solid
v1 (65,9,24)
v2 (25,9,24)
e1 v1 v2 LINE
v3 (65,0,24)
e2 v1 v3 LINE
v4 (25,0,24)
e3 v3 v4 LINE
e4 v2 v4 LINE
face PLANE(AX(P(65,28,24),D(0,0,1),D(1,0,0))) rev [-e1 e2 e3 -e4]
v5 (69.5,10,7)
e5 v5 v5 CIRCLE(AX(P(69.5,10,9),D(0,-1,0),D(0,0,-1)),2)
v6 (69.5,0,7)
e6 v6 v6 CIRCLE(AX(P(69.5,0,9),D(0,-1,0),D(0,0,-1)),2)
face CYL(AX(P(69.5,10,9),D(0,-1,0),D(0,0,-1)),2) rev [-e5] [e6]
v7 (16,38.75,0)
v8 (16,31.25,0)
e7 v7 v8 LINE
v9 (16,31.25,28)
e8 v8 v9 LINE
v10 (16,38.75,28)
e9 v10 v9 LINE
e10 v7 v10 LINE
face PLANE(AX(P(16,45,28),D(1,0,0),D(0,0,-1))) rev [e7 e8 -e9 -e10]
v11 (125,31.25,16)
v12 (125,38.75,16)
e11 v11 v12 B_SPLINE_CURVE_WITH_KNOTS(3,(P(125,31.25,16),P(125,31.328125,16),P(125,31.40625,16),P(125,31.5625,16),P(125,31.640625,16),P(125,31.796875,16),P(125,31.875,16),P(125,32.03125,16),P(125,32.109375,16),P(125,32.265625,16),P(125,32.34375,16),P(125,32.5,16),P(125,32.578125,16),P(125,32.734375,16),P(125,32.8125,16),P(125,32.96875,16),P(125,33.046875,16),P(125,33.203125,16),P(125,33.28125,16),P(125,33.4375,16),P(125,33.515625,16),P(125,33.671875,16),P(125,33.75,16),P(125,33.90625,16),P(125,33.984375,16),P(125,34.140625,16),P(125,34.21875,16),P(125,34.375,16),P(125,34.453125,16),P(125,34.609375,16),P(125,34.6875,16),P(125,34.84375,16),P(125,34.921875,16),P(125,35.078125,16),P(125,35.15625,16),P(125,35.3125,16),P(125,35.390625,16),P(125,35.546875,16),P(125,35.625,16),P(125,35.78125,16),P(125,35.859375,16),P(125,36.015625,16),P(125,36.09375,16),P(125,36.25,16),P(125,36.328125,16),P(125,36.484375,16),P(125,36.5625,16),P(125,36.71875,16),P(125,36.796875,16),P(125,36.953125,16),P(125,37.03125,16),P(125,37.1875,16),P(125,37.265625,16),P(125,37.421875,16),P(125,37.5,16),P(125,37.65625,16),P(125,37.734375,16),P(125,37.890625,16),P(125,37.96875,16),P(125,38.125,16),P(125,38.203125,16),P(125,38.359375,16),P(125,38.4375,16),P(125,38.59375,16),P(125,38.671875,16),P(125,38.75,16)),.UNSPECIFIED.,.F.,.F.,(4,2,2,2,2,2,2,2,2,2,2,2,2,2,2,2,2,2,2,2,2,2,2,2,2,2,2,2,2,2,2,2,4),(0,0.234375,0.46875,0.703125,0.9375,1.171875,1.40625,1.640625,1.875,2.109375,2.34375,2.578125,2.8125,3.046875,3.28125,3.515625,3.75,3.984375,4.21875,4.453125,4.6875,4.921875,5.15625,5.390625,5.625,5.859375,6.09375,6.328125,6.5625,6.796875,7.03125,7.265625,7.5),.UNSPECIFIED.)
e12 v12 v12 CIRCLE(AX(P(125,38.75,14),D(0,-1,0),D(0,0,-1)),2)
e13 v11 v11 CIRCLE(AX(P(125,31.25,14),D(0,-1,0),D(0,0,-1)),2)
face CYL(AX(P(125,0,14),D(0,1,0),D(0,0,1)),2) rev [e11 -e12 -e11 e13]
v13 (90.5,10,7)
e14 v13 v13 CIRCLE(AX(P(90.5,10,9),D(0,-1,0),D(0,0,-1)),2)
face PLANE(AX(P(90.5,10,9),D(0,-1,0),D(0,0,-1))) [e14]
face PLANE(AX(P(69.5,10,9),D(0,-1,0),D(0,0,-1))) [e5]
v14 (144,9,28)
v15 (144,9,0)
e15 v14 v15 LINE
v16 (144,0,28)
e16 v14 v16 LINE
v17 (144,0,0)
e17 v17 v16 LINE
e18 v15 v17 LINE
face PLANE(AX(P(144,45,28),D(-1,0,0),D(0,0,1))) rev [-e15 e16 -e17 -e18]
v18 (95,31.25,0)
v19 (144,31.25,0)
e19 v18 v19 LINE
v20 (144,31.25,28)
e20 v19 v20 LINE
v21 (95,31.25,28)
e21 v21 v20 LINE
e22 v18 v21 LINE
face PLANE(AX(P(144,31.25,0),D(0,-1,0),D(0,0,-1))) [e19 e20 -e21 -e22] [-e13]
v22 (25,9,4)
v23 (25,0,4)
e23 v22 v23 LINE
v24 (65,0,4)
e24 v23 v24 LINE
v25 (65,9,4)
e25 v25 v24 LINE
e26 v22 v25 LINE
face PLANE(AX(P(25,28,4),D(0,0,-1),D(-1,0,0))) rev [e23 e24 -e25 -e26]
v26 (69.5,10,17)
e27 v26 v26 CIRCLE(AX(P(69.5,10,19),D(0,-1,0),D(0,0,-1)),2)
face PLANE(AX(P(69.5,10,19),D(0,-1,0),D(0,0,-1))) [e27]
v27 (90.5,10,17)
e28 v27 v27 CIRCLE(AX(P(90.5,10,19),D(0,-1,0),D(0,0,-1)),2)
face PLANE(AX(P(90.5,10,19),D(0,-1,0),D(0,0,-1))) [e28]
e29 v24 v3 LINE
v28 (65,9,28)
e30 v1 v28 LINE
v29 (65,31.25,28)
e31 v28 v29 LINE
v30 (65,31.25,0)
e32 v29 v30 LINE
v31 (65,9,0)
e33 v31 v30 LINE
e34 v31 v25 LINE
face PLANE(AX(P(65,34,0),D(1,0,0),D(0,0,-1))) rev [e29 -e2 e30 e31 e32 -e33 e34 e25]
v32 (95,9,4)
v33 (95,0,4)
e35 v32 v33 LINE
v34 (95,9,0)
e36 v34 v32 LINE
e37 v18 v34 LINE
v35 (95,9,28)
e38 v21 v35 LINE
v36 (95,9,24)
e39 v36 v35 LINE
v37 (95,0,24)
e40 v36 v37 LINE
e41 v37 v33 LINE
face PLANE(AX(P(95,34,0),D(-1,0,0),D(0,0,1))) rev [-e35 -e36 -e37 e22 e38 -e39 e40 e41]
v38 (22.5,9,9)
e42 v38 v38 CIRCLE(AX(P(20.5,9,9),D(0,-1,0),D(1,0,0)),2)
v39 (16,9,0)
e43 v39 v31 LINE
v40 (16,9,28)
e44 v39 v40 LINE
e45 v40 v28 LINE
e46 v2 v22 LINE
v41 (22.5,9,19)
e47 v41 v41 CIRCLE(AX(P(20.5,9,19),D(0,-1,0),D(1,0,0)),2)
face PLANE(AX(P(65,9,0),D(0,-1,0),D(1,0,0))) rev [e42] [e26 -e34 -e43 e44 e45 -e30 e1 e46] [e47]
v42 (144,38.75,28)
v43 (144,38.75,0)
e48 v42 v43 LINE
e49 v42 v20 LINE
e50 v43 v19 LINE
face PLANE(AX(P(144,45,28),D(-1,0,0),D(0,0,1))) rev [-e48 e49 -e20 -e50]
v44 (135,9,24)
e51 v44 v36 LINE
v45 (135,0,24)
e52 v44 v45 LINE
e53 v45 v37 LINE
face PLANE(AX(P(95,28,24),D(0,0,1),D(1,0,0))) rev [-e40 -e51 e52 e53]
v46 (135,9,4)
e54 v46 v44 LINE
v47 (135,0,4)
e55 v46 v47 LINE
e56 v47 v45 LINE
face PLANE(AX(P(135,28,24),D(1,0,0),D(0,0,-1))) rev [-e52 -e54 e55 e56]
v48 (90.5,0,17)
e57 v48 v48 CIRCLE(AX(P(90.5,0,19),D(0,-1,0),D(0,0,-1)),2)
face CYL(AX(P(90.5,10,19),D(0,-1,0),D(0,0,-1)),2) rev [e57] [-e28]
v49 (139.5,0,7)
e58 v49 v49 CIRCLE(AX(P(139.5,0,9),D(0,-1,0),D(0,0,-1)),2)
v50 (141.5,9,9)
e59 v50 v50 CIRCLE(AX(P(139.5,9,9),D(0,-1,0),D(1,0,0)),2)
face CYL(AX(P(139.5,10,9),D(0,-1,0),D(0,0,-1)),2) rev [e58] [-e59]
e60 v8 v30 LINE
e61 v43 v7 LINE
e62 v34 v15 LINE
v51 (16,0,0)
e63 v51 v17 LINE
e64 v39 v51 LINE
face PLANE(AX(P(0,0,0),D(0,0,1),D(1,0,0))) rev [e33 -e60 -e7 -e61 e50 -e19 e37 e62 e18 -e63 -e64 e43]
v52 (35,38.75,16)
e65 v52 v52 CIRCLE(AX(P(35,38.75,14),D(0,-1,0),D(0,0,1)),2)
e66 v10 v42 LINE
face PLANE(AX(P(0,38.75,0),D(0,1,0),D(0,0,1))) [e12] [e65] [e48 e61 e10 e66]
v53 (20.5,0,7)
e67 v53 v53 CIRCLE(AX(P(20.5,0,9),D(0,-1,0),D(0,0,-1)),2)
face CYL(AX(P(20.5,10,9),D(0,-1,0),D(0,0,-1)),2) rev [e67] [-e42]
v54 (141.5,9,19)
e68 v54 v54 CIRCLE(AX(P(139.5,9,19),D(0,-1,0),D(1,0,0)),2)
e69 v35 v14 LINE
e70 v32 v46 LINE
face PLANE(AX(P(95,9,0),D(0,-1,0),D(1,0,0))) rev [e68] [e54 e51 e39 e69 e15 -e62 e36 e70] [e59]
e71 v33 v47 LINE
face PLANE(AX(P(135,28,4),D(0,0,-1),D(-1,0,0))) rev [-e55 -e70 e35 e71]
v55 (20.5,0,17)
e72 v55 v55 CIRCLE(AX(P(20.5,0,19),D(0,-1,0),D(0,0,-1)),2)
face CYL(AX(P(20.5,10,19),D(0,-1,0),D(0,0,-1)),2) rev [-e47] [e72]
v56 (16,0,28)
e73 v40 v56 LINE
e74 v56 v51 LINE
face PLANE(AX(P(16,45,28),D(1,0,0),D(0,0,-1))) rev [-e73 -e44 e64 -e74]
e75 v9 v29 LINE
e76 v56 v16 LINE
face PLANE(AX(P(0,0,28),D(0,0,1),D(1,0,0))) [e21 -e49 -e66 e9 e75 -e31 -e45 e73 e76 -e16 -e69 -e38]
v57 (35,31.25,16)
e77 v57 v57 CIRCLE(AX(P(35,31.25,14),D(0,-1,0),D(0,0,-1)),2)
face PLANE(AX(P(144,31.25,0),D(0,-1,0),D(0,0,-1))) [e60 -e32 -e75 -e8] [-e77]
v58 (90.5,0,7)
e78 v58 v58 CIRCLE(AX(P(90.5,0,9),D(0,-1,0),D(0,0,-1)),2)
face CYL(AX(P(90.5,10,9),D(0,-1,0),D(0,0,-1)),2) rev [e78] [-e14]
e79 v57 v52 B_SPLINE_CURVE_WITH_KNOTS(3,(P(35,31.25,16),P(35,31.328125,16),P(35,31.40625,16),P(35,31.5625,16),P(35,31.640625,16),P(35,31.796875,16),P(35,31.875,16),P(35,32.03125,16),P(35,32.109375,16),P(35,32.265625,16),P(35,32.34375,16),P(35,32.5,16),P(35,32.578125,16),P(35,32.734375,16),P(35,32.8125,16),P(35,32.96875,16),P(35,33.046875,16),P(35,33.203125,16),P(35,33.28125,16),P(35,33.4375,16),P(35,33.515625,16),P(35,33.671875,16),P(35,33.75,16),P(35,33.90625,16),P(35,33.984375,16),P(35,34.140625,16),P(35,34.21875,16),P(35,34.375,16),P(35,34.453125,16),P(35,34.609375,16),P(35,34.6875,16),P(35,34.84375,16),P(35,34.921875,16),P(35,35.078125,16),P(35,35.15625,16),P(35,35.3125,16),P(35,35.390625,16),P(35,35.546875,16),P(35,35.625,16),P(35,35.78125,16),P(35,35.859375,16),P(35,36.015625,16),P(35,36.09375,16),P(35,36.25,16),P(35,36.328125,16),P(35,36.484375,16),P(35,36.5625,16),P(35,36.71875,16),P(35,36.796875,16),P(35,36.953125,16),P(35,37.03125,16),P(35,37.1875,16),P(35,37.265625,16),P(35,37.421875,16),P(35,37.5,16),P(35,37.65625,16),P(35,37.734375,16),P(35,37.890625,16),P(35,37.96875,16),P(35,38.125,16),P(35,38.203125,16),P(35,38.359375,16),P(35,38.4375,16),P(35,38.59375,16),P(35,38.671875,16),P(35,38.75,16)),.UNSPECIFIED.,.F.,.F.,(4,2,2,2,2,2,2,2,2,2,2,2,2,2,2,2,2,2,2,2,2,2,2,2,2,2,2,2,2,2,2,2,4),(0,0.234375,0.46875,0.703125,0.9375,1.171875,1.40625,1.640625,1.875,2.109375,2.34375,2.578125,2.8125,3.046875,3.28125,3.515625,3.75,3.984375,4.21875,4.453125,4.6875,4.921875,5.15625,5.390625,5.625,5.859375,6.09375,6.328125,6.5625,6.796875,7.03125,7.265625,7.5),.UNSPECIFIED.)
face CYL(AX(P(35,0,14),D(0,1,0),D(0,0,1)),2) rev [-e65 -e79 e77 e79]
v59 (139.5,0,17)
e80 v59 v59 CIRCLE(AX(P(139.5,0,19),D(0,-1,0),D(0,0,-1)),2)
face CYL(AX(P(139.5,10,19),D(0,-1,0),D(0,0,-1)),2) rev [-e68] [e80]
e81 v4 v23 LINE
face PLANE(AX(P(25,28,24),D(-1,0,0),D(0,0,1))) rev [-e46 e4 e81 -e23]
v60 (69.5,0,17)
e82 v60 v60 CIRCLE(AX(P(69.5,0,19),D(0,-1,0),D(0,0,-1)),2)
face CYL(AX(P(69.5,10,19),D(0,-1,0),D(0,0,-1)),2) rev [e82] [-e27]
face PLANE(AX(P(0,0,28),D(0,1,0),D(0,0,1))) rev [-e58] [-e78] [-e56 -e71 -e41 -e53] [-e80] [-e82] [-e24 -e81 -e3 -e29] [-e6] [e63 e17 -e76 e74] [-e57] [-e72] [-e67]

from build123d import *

# Parameters (mm, degrees)
SKETCH1_W               = 160
SKETCH1_H               = 45
BOSS_EXTRUDE1_DEPTH     = 28
SKETCH3_W               = 65
SKETCH3_H               = 25
CUT_EXTRUDE2_DEPTH      = 28
CUT_EXTRUDE3_DEPTH      = 28
SKETCH8_R               = 2
CUT_EXTRUDE4_DEPTH      = 10
CUT_EXTRUDE5_DEPTH      = 169.549695936
CUT_EXTRUDE5_DEPTH_BACK = 169.549695936
SKETCH9_W               = 16
SKETCH9_H               = 28
SKETCH10_W              = 128
SKETCH10_H              = 5.5
CUT_EXTRUDE6_DEPTH      = 154.443800787
SKETCH11_W              = 128
SKETCH11_H              = 2.75
CUT_EXTRUDE7_DEPTH      = 152.921854912
SKETCH12_W              = 128
SKETCH12_H              = 2.75
BOSS_EXTRUDE3_DEPTH     = 28
SKETCH13_R              = 2
CUT_EXTRUDE8_DEPTH      = 152.230163989
SKETCH14_W              = 128
SKETCH14_H              = 28
BOSS_EXTRUDE4_DEPTH     = 2
SKETCH16_R              = 2
CUT_EXTRUDE9_DEPTH      = 152.230163989


with BuildPart() as part:
    # Sketch1 → Boss-Extrude1 (new body)
    with BuildSketch(Plane.XY):
        with Locations((80, 22.5)):
            Rectangle(SKETCH1_W, SKETCH1_H)
    extrude(amount=BOSS_EXTRUDE1_DEPTH)

    # Sketch3 → Cut-Extrude2 (cut)
    with BuildSketch(Plane.XY.offset(28)):
        with Locations((32.5, 21.5)):
            Rectangle(SKETCH3_W, SKETCH3_H)
        with Locations((127.5, 21.5)):
            Rectangle(SKETCH3_W, SKETCH3_H)
    extrude(amount=-CUT_EXTRUDE2_DEPTH, mode=Mode.SUBTRACT)

    # Sketch6 → Cut-Extrude3 (cut)
    with BuildSketch(Plane.XZ):
        Polygon((65, 14), (65, 24), (25, 24), (25, 4), (65, 4), align=None)
        Polygon((95, 4), (95, 14), (95, 24), (135, 24), (135, 4), align=None)
    extrude(amount=-CUT_EXTRUDE3_DEPTH, mode=Mode.SUBTRACT)

    # Sketch8 → Cut-Extrude4 (cut)
    with BuildSketch(Plane(origin=(0, 0, 0), x_dir=(-1, 0, 0), z_dir=(0, -1, 0))):
        with Locations(Location((-20.5, -9, 0), (0, 0, 90))):
            Circle(SKETCH8_R)
        with Locations(Location((-20.5, -19, 0), (0, 0, 90))):
            Circle(SKETCH8_R)
        with Locations(Location((-90.5, -19, 0), (0, 0, 90))):
            Circle(SKETCH8_R)
        with Locations(Location((-90.5, -9, 0), (0, 0, 90))):
            Circle(SKETCH8_R)
        with Locations(Location((-139.5, -19, 0), (0, 0, 90))):
            Circle(SKETCH8_R)
        with Locations(Location((-139.5, -9, 0), (0, 0, 90))):
            Circle(SKETCH8_R)
        with Locations(Location((-69.5, -19, 0), (0, 0, 90))):
            Circle(SKETCH8_R)
        with Locations(Location((-69.5, -9, 0), (0, 0, 90))):
            Circle(SKETCH8_R)
    extrude(amount=-CUT_EXTRUDE4_DEPTH, mode=Mode.SUBTRACT)

    # Sketch9 → Cut-Extrude5 (cut, two sides: drawn at the far end of the back side and taken through both)
    with BuildSketch(Plane(origin=(0, 0, 0), x_dir=(-1, 0, 0), z_dir=(0, -1, 0)).offset(-CUT_EXTRUDE5_DEPTH_BACK)):
        with Locations((-152, -14)):
            Rectangle(SKETCH9_W, SKETCH9_H)
        with Locations((-8, -14)):
            Rectangle(SKETCH9_W, SKETCH9_H)
    extrude(amount=CUT_EXTRUDE5_DEPTH + CUT_EXTRUDE5_DEPTH_BACK, mode=Mode.SUBTRACT)

    # Sketch10 → Cut-Extrude6 (cut, through all)
    with BuildSketch(Plane.XY.offset(28)):
        with Locations((80, 42.25)):
            Rectangle(SKETCH10_W, SKETCH10_H)
    extrude(amount=-CUT_EXTRUDE6_DEPTH, mode=Mode.SUBTRACT)

    # Sketch11 → Cut-Extrude7 (cut, through all)
    with BuildSketch(Plane.XY.offset(28)):
        with Locations((80, 38.125)):
            Rectangle(SKETCH11_W, SKETCH11_H)
    extrude(amount=-CUT_EXTRUDE7_DEPTH, mode=Mode.SUBTRACT)

    # Sketch12 → Boss-Extrude3 (add)
    with BuildSketch(Plane.XY.offset(28)):
        with Locations((80, 32.625)):
            Rectangle(SKETCH12_W, SKETCH12_H)
    extrude(amount=-BOSS_EXTRUDE3_DEPTH)

    # Sketch13 → Cut-Extrude8 (cut, through all)
    with BuildSketch(Plane(origin=(0, 36.75, 0), x_dir=(1, 0, 0), z_dir=(0, 1, 0))):
        with Locations(Location((125, -14, 0), (0, 0, 270))):
            Circle(SKETCH13_R)
        with Locations(Location((35, -14, 0), (0, 0, 270))):
            Circle(SKETCH13_R)
    extrude(amount=-CUT_EXTRUDE8_DEPTH, mode=Mode.SUBTRACT)

    # Sketch14 → Boss-Extrude4 (add)
    with BuildSketch(Plane(origin=(0, 36.75, 0), x_dir=(1, 0, 0), z_dir=(0, 1, 0))):
        with Locations((80, -14)):
            Rectangle(SKETCH14_W, SKETCH14_H)
    extrude(amount=BOSS_EXTRUDE4_DEPTH)

    # Sketch16 → Cut-Extrude9 (cut, through all)
    with BuildSketch(Plane.XZ.offset(-36.75)):
        with Locations(Location((125, 14, 0), (0, 0, 90))):
            Circle(SKETCH16_R)
        with Locations(Location((35, 14, 0), (0, 0, 90))):
            Circle(SKETCH16_R)
    extrude(amount=-CUT_EXTRUDE9_DEPTH, mode=Mode.SUBTRACT)


solid = part.part
